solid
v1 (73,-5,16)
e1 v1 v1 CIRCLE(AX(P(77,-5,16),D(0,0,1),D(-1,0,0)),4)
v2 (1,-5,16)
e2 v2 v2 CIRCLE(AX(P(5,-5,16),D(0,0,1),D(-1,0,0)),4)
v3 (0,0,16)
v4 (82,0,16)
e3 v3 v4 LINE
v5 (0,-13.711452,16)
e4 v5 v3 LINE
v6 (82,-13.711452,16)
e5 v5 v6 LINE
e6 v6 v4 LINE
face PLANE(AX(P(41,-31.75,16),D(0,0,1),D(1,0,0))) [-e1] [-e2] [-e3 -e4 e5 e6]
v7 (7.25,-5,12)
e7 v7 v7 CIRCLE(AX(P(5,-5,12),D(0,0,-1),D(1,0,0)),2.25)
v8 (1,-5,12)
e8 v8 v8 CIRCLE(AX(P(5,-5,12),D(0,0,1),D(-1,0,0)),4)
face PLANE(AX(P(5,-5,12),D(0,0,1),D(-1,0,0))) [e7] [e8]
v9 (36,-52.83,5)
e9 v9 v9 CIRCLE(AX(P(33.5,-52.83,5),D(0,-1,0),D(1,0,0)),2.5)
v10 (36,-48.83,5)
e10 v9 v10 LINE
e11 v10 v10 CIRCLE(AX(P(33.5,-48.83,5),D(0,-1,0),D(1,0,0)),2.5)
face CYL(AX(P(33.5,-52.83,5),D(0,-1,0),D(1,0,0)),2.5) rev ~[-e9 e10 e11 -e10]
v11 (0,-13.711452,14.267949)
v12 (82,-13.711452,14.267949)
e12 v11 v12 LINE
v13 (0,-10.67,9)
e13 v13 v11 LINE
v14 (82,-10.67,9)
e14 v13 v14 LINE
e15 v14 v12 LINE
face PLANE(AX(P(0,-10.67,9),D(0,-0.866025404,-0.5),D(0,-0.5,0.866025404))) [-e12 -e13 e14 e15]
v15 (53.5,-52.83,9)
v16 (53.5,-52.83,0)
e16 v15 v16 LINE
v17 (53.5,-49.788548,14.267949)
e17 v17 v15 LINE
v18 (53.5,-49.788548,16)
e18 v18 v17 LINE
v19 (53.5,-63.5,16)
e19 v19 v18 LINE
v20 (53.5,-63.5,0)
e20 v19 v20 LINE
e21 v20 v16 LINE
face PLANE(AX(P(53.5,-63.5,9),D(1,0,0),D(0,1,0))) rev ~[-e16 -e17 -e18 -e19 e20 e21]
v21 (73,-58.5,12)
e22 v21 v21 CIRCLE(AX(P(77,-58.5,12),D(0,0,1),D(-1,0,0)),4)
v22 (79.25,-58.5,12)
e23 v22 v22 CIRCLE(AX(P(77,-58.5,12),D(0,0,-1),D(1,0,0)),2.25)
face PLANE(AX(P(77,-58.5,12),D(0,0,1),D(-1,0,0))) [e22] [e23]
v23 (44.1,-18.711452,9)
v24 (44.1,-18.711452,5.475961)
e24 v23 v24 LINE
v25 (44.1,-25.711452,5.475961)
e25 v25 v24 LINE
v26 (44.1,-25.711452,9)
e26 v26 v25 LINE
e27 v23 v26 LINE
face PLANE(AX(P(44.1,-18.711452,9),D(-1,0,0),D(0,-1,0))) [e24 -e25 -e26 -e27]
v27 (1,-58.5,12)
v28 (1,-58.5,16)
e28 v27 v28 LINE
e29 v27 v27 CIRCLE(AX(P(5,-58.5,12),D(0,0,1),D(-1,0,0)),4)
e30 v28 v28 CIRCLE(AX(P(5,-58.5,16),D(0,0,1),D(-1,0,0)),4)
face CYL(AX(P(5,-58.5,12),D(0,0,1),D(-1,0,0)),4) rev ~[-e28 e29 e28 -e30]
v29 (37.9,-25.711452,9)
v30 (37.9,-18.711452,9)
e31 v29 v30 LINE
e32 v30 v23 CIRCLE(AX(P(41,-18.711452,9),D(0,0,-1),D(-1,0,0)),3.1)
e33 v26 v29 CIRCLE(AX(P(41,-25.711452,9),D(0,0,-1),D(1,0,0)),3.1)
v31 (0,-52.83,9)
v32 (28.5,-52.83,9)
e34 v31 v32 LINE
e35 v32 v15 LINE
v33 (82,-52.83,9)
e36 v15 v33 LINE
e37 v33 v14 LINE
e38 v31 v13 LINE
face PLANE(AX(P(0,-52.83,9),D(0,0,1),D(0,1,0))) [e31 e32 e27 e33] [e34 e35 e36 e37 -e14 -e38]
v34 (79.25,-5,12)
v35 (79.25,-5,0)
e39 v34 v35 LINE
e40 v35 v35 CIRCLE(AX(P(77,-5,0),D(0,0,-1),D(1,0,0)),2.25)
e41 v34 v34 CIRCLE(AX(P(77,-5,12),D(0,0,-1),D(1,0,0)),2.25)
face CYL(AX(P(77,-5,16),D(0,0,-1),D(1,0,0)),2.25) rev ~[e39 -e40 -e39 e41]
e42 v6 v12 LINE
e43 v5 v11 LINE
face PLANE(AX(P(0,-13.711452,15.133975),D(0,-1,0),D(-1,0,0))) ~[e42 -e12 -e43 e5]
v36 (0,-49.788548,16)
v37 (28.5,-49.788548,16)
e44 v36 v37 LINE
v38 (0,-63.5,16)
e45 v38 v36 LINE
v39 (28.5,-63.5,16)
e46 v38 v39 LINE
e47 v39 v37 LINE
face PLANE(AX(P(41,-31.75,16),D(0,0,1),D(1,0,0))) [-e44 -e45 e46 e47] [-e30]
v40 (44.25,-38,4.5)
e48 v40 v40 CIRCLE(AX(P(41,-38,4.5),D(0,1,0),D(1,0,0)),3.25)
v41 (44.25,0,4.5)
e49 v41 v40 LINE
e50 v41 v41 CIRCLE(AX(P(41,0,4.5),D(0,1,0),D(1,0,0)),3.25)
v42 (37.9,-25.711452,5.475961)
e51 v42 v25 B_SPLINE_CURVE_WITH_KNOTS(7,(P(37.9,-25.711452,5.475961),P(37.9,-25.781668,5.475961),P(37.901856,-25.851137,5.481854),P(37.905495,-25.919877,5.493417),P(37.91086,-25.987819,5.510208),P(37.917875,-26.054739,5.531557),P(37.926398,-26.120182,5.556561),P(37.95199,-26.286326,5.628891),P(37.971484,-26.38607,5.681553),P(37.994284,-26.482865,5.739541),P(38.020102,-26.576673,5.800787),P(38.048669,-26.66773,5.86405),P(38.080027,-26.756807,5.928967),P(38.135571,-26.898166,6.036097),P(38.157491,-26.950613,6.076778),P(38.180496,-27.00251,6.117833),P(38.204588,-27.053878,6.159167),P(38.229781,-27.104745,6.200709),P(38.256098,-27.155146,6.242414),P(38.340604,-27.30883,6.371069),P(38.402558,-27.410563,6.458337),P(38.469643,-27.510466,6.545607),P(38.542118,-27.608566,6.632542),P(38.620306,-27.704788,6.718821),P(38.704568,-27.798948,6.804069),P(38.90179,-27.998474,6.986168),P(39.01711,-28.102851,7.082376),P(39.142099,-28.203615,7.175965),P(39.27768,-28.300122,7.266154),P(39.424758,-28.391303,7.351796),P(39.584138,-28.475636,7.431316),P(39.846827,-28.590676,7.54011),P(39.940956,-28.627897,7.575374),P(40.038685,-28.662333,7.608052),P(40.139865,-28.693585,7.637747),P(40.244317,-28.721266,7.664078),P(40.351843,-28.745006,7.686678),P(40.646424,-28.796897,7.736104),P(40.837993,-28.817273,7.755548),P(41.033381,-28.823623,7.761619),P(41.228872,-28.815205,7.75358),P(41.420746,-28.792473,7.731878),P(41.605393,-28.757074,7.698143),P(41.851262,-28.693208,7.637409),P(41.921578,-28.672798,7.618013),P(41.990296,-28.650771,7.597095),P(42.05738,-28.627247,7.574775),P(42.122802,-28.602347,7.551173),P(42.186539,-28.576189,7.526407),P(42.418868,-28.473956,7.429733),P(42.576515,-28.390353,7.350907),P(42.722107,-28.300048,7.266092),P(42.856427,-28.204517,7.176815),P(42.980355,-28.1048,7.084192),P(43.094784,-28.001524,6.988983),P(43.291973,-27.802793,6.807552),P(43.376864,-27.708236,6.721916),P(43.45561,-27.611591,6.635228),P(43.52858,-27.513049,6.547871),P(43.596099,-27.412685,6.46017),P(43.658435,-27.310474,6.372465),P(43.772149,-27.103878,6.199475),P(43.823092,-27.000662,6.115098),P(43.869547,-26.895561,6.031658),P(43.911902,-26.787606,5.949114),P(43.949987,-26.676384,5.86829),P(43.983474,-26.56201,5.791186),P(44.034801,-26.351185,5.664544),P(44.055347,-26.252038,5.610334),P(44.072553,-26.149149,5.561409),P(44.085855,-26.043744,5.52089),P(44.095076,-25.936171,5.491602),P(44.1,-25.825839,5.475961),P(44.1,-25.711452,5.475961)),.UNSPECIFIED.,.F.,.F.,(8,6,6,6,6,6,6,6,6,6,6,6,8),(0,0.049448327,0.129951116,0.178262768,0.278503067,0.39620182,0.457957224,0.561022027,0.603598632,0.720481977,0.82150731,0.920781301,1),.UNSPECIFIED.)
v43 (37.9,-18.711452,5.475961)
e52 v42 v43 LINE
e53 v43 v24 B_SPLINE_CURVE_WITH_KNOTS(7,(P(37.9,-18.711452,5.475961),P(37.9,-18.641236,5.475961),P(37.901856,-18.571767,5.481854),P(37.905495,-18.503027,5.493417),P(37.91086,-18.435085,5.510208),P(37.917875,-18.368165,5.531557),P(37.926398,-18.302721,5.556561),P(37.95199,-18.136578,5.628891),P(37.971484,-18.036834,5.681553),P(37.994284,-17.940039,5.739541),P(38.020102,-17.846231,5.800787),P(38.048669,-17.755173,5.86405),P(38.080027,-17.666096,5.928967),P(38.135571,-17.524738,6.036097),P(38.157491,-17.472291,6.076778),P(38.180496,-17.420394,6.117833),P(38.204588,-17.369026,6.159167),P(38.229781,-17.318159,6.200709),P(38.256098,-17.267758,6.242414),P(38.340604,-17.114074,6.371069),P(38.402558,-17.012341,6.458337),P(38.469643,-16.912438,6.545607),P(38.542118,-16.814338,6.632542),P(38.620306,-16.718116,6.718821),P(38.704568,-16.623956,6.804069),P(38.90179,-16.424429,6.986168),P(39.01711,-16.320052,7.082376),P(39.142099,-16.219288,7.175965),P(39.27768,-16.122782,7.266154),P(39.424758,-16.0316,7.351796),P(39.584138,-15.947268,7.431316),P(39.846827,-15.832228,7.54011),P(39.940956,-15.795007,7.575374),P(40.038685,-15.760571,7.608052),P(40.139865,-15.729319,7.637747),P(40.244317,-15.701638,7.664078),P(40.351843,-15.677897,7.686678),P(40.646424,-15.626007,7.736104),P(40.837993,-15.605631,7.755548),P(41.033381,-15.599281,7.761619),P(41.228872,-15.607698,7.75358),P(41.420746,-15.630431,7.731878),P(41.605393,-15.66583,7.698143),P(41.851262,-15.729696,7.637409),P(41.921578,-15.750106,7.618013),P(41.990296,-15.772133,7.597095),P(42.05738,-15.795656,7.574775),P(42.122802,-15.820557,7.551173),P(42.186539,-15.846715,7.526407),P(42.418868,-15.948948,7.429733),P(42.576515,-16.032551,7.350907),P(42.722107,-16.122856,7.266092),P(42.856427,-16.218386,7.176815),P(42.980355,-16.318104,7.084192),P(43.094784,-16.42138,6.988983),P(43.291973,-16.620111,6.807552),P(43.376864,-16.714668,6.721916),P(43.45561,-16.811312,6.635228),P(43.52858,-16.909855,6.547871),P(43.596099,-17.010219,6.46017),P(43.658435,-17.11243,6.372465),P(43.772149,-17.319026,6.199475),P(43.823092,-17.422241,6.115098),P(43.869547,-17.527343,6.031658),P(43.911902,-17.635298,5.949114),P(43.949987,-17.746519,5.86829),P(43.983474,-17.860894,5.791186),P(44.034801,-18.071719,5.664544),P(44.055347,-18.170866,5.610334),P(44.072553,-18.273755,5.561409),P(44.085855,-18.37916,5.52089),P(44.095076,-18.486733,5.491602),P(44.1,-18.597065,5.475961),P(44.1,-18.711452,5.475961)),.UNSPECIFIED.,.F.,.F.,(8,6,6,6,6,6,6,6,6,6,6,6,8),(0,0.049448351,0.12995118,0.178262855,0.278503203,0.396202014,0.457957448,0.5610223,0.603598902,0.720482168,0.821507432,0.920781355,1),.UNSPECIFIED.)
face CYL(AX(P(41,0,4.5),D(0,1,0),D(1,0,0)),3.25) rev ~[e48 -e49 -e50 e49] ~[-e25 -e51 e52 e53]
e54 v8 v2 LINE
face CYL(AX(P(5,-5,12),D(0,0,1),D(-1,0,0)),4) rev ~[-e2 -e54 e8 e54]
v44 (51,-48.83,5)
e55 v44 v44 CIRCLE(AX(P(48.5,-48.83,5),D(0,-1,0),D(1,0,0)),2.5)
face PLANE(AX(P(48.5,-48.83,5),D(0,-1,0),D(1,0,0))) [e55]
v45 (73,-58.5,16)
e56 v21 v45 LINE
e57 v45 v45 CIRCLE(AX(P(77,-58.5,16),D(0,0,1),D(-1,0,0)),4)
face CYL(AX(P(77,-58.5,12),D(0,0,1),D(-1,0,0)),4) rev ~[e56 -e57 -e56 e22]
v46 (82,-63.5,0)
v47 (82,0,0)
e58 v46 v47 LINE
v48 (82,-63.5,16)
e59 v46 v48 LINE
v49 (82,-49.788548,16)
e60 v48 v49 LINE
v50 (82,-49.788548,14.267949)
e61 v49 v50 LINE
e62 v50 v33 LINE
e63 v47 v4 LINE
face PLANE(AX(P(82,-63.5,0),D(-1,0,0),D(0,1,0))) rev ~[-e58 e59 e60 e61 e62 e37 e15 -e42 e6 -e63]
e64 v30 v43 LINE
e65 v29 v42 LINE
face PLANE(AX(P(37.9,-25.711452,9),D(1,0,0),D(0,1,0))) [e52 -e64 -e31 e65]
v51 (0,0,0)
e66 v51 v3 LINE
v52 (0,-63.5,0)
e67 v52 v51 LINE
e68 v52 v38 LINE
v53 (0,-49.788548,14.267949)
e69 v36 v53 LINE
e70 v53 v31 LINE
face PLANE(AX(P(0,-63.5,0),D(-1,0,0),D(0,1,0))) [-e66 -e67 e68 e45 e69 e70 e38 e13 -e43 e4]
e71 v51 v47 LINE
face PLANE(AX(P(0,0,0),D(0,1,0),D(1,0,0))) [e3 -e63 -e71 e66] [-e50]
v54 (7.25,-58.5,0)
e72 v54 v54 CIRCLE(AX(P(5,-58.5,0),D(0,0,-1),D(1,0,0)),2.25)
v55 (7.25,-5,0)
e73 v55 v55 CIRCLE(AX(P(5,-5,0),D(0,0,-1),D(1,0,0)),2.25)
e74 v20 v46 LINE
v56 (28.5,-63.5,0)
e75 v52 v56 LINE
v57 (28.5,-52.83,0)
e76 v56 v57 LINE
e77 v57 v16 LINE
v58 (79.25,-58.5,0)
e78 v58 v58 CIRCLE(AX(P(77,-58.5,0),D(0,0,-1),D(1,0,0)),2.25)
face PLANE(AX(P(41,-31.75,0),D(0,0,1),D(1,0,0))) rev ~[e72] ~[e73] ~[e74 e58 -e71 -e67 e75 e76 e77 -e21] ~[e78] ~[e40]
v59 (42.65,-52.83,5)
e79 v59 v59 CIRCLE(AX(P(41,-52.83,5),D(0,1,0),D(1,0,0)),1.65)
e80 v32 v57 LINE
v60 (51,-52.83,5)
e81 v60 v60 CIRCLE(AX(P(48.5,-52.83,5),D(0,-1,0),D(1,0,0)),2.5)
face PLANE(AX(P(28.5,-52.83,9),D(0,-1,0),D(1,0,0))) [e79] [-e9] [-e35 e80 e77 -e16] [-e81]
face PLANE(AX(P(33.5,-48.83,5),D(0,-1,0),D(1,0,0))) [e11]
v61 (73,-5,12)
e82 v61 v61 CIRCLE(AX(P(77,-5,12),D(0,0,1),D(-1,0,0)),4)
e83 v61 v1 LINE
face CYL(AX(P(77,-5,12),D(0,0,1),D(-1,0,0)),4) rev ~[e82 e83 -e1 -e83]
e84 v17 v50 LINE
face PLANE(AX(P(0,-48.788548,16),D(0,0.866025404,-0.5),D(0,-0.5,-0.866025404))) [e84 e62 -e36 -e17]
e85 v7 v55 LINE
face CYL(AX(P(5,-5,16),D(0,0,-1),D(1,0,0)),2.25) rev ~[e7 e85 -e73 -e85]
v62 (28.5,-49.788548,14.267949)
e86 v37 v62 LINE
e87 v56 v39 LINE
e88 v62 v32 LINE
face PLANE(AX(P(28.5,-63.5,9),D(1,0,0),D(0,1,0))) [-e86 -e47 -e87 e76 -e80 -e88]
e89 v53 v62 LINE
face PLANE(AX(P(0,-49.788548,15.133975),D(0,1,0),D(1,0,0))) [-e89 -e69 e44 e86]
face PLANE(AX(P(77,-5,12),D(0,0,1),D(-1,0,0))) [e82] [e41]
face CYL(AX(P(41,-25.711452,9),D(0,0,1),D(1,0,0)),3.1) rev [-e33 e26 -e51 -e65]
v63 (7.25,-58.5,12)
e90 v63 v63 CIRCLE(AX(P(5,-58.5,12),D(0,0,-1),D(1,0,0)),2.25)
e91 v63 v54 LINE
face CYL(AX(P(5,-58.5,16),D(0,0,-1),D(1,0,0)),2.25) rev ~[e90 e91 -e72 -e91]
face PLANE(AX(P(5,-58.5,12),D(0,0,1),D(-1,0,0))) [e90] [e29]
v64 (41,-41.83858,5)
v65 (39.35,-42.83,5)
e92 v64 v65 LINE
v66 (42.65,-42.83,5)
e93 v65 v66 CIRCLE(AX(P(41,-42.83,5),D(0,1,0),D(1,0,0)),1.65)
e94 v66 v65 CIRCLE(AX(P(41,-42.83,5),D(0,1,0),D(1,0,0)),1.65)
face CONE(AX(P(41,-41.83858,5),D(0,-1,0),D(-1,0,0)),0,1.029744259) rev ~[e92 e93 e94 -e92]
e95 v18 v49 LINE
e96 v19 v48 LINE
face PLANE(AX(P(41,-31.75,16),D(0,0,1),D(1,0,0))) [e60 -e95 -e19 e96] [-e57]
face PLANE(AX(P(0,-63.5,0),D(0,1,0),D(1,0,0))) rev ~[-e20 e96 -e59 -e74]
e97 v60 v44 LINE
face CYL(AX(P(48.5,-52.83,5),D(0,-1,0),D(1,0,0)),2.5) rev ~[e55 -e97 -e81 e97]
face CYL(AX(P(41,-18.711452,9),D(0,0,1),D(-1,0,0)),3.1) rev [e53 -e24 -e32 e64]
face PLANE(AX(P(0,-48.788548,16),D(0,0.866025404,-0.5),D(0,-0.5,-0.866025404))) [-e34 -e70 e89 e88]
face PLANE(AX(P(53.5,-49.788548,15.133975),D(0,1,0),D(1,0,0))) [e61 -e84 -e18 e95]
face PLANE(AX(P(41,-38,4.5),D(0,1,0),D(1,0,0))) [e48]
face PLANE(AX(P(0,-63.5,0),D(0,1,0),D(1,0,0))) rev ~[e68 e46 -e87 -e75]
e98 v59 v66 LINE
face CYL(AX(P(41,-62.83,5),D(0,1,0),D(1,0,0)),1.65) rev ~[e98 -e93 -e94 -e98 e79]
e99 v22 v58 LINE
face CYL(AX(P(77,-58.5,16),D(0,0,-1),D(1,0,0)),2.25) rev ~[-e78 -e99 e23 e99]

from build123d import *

# Parameters (mm, degrees)
SKETCH_1_W                  = 82
SKETCH_1_H                  = 63.5
EXTRUDE_1_DEPTH             = 16
CUT_EXTRUDE_1_DEPTH         = 83
SKETCH_15_W                 = 25
SKETCH_15_H                 = 14.711451884
CUT_EXTRUDE_4_DEPTH         = 7
SKETCH_16_W                 = 25
SKETCH_16_H                 = 10.67
CUT_EXTRUDE_5_DEPTH         = 9
SKETCH_17_R                 = 2.5
CUT_EXTRUDE_6_DEPTH         = 4
M4X0_72_D                   = 3.3
M4X0_72_DEPTH               = 10
M4X0_72_TIP                 = 0.991420021
CUT_EXTRUDE_7_DEPTH         = 4
SKETCH_26_R                 = 3.25
CUT_EXTRUDE_8_DEPTH         = 38
HOLE_WIZARD_M41_D           = 4.5
HOLE_WIZARD_M41_CBORE_D     = 8
HOLE_WIZARD_M41_CBORE_DEPTH = 4
CHAMFER_2_SIZE              = 1
CHAMFER_2_SIZE2             = 2
CHAMFER_2_PART_2_SIZE       = 1
CHAMFER_2_PART_2_SIZE2      = 2
CHAMFER_2_PART_3_SIZE       = 1
CHAMFER_2_PART_3_SIZE2      = 2


with BuildPart() as part:
    # Эскиз1 → Бобышка-Вытянуть1 (new body)
    with BuildSketch(Plane.XY):
        with Locations((41, -31.75)):
            Rectangle(SKETCH_1_W, SKETCH_1_H)
    extrude(amount=EXTRUDE_1_DEPTH)

    # Эскиз2 → Вырез-Вытянуть1 (cut, through all)
    with BuildSketch(Plane.ZY):
        Polygon((9, -10.67), (16, -14.711451884), (16, -48.788548116), (9, -52.83), align=None)
    extrude(amount=-CUT_EXTRUDE_1_DEPTH, mode=Mode.SUBTRACT)

    # Эскиз15 → Вырез-Вытянуть4 (cut)
    with BuildSketch(Plane.XY.offset(16)):
        with Locations((41, -56.144274058)):
            Rectangle(SKETCH_15_W, SKETCH_15_H)
    extrude(amount=-CUT_EXTRUDE_4_DEPTH, mode=Mode.SUBTRACT)

    # Эскиз16 → Вырез-Вытянуть5 (cut)
    with BuildSketch(Plane.XY.offset(9)):
        with Locations((41, -58.165)):
            Rectangle(SKETCH_16_W, SKETCH_16_H)
    extrude(amount=-CUT_EXTRUDE_5_DEPTH, mode=Mode.SUBTRACT)

    # Эскиз17 → Вырез-Вытянуть6 (cut)
    with BuildSketch(Plane.XZ.offset(52.83)):
        with Locations((33.5, 5)):
            Circle(SKETCH_17_R)
        with Locations((48.5, 5)):
            Circle(SKETCH_17_R)
    extrude(amount=-CUT_EXTRUDE_6_DEPTH, mode=Mode.SUBTRACT)

    # Отверстие обработанное метчиком M4x0.72
    with Locations(Plane(origin=(0, -52.83, 0), x_dir=(-1, 0, 0), z_dir=(0, -1, 0))):
        with Locations((-41, -5)):
            Hole(M4X0_72_D / 2, depth=M4X0_72_DEPTH)
            with Locations((0, 0, -(M4X0_72_DEPTH + M4X0_72_TIP / 2))):  # 118° drill point
                Cone(0, M4X0_72_D / 2, M4X0_72_TIP, mode=Mode.SUBTRACT)

    # Эскиз25 → Вырез-Вытянуть7 (cut)
    with BuildSketch(Plane.XY.offset(9)):
        with BuildLine():
            Line((44.1, -18.711451884), (44.1, -25.711451884))
            ThreePointArc((44.1, -25.711451884), (41, -28.811451884), (37.9, -25.711451884))
            Line((37.9, -25.711451884), (37.9, -18.711451884))
            ThreePointArc((37.9, -18.711451884), (41, -15.611451884), (44.1, -18.711451884))
        make_face()
    extrude(amount=-CUT_EXTRUDE_7_DEPTH, mode=Mode.SUBTRACT)

    # Эскиз26 → Вырез-Вытянуть8 (cut)
    with BuildSketch(Plane(origin=(0, 0, 0), x_dir=(1, 0, 0), z_dir=(0, 1, 0))):
        with Locations((41, -4.5)):
            Circle(SKETCH_26_R)
    extrude(amount=-CUT_EXTRUDE_8_DEPTH, mode=Mode.SUBTRACT)

    # Цековка для винта с внутренним шестигранником M41 (through all)
    with Locations(Plane(origin=(30.759227947, 26.793365177, 16), x_dir=(-1, 0, 0), z_dir=(0, 0, 1))):
        with Locations((-46.240772053, 31.793365177), (-46.240772053, 85.293365177), (25.759227947, 85.293365177), (25.759227947, 31.793365177)):
            CounterBoreHole(HOLE_WIZARD_M41_D / 2, HOLE_WIZARD_M41_CBORE_D / 2, HOLE_WIZARD_M41_CBORE_DEPTH)

    # Фаска2
    chamfer_2_edges = [part.edges().sort_by_distance(p)[0] for p in [
        (41, -14.711451884, 16),
    ]]
    chamfer_2_side = [part.faces().sort_by_distance(p)[0] for p in [
        (41, -7.569889145, 16),
    ]]
    chamfer(chamfer_2_edges, length=CHAMFER_2_SIZE, length2=CHAMFER_2_SIZE2, reference=chamfer_2_side[0])

    # Фаска2 part 2
    chamfer_2_part_2_edges = [part.edges().sort_by_distance(p)[0] for p in [
        (67.75, -48.788548116, 16),
    ]]
    chamfer_2_part_2_side = [part.faces().sort_by_distance(p)[0] for p in [
        (66.489994625, -55.823384615, 16),
    ]]
    chamfer(chamfer_2_part_2_edges, length=CHAMFER_2_PART_2_SIZE, length2=CHAMFER_2_PART_2_SIZE2, reference=chamfer_2_part_2_side[0])

    # Фаска2 part 3
    chamfer_2_part_3_edges = [part.edges().sort_by_distance(p)[0] for p in [
        (14.25, -48.788548116, 16),
    ]]
    chamfer_2_part_3_side = [part.faces().sort_by_distance(p)[0] for p in [
        (15.510005375, -55.823384615, 16),
    ]]
    chamfer(chamfer_2_part_3_edges, length=CHAMFER_2_PART_3_SIZE, length2=CHAMFER_2_PART_3_SIZE2, reference=chamfer_2_part_3_side[0])


solid = part.part
